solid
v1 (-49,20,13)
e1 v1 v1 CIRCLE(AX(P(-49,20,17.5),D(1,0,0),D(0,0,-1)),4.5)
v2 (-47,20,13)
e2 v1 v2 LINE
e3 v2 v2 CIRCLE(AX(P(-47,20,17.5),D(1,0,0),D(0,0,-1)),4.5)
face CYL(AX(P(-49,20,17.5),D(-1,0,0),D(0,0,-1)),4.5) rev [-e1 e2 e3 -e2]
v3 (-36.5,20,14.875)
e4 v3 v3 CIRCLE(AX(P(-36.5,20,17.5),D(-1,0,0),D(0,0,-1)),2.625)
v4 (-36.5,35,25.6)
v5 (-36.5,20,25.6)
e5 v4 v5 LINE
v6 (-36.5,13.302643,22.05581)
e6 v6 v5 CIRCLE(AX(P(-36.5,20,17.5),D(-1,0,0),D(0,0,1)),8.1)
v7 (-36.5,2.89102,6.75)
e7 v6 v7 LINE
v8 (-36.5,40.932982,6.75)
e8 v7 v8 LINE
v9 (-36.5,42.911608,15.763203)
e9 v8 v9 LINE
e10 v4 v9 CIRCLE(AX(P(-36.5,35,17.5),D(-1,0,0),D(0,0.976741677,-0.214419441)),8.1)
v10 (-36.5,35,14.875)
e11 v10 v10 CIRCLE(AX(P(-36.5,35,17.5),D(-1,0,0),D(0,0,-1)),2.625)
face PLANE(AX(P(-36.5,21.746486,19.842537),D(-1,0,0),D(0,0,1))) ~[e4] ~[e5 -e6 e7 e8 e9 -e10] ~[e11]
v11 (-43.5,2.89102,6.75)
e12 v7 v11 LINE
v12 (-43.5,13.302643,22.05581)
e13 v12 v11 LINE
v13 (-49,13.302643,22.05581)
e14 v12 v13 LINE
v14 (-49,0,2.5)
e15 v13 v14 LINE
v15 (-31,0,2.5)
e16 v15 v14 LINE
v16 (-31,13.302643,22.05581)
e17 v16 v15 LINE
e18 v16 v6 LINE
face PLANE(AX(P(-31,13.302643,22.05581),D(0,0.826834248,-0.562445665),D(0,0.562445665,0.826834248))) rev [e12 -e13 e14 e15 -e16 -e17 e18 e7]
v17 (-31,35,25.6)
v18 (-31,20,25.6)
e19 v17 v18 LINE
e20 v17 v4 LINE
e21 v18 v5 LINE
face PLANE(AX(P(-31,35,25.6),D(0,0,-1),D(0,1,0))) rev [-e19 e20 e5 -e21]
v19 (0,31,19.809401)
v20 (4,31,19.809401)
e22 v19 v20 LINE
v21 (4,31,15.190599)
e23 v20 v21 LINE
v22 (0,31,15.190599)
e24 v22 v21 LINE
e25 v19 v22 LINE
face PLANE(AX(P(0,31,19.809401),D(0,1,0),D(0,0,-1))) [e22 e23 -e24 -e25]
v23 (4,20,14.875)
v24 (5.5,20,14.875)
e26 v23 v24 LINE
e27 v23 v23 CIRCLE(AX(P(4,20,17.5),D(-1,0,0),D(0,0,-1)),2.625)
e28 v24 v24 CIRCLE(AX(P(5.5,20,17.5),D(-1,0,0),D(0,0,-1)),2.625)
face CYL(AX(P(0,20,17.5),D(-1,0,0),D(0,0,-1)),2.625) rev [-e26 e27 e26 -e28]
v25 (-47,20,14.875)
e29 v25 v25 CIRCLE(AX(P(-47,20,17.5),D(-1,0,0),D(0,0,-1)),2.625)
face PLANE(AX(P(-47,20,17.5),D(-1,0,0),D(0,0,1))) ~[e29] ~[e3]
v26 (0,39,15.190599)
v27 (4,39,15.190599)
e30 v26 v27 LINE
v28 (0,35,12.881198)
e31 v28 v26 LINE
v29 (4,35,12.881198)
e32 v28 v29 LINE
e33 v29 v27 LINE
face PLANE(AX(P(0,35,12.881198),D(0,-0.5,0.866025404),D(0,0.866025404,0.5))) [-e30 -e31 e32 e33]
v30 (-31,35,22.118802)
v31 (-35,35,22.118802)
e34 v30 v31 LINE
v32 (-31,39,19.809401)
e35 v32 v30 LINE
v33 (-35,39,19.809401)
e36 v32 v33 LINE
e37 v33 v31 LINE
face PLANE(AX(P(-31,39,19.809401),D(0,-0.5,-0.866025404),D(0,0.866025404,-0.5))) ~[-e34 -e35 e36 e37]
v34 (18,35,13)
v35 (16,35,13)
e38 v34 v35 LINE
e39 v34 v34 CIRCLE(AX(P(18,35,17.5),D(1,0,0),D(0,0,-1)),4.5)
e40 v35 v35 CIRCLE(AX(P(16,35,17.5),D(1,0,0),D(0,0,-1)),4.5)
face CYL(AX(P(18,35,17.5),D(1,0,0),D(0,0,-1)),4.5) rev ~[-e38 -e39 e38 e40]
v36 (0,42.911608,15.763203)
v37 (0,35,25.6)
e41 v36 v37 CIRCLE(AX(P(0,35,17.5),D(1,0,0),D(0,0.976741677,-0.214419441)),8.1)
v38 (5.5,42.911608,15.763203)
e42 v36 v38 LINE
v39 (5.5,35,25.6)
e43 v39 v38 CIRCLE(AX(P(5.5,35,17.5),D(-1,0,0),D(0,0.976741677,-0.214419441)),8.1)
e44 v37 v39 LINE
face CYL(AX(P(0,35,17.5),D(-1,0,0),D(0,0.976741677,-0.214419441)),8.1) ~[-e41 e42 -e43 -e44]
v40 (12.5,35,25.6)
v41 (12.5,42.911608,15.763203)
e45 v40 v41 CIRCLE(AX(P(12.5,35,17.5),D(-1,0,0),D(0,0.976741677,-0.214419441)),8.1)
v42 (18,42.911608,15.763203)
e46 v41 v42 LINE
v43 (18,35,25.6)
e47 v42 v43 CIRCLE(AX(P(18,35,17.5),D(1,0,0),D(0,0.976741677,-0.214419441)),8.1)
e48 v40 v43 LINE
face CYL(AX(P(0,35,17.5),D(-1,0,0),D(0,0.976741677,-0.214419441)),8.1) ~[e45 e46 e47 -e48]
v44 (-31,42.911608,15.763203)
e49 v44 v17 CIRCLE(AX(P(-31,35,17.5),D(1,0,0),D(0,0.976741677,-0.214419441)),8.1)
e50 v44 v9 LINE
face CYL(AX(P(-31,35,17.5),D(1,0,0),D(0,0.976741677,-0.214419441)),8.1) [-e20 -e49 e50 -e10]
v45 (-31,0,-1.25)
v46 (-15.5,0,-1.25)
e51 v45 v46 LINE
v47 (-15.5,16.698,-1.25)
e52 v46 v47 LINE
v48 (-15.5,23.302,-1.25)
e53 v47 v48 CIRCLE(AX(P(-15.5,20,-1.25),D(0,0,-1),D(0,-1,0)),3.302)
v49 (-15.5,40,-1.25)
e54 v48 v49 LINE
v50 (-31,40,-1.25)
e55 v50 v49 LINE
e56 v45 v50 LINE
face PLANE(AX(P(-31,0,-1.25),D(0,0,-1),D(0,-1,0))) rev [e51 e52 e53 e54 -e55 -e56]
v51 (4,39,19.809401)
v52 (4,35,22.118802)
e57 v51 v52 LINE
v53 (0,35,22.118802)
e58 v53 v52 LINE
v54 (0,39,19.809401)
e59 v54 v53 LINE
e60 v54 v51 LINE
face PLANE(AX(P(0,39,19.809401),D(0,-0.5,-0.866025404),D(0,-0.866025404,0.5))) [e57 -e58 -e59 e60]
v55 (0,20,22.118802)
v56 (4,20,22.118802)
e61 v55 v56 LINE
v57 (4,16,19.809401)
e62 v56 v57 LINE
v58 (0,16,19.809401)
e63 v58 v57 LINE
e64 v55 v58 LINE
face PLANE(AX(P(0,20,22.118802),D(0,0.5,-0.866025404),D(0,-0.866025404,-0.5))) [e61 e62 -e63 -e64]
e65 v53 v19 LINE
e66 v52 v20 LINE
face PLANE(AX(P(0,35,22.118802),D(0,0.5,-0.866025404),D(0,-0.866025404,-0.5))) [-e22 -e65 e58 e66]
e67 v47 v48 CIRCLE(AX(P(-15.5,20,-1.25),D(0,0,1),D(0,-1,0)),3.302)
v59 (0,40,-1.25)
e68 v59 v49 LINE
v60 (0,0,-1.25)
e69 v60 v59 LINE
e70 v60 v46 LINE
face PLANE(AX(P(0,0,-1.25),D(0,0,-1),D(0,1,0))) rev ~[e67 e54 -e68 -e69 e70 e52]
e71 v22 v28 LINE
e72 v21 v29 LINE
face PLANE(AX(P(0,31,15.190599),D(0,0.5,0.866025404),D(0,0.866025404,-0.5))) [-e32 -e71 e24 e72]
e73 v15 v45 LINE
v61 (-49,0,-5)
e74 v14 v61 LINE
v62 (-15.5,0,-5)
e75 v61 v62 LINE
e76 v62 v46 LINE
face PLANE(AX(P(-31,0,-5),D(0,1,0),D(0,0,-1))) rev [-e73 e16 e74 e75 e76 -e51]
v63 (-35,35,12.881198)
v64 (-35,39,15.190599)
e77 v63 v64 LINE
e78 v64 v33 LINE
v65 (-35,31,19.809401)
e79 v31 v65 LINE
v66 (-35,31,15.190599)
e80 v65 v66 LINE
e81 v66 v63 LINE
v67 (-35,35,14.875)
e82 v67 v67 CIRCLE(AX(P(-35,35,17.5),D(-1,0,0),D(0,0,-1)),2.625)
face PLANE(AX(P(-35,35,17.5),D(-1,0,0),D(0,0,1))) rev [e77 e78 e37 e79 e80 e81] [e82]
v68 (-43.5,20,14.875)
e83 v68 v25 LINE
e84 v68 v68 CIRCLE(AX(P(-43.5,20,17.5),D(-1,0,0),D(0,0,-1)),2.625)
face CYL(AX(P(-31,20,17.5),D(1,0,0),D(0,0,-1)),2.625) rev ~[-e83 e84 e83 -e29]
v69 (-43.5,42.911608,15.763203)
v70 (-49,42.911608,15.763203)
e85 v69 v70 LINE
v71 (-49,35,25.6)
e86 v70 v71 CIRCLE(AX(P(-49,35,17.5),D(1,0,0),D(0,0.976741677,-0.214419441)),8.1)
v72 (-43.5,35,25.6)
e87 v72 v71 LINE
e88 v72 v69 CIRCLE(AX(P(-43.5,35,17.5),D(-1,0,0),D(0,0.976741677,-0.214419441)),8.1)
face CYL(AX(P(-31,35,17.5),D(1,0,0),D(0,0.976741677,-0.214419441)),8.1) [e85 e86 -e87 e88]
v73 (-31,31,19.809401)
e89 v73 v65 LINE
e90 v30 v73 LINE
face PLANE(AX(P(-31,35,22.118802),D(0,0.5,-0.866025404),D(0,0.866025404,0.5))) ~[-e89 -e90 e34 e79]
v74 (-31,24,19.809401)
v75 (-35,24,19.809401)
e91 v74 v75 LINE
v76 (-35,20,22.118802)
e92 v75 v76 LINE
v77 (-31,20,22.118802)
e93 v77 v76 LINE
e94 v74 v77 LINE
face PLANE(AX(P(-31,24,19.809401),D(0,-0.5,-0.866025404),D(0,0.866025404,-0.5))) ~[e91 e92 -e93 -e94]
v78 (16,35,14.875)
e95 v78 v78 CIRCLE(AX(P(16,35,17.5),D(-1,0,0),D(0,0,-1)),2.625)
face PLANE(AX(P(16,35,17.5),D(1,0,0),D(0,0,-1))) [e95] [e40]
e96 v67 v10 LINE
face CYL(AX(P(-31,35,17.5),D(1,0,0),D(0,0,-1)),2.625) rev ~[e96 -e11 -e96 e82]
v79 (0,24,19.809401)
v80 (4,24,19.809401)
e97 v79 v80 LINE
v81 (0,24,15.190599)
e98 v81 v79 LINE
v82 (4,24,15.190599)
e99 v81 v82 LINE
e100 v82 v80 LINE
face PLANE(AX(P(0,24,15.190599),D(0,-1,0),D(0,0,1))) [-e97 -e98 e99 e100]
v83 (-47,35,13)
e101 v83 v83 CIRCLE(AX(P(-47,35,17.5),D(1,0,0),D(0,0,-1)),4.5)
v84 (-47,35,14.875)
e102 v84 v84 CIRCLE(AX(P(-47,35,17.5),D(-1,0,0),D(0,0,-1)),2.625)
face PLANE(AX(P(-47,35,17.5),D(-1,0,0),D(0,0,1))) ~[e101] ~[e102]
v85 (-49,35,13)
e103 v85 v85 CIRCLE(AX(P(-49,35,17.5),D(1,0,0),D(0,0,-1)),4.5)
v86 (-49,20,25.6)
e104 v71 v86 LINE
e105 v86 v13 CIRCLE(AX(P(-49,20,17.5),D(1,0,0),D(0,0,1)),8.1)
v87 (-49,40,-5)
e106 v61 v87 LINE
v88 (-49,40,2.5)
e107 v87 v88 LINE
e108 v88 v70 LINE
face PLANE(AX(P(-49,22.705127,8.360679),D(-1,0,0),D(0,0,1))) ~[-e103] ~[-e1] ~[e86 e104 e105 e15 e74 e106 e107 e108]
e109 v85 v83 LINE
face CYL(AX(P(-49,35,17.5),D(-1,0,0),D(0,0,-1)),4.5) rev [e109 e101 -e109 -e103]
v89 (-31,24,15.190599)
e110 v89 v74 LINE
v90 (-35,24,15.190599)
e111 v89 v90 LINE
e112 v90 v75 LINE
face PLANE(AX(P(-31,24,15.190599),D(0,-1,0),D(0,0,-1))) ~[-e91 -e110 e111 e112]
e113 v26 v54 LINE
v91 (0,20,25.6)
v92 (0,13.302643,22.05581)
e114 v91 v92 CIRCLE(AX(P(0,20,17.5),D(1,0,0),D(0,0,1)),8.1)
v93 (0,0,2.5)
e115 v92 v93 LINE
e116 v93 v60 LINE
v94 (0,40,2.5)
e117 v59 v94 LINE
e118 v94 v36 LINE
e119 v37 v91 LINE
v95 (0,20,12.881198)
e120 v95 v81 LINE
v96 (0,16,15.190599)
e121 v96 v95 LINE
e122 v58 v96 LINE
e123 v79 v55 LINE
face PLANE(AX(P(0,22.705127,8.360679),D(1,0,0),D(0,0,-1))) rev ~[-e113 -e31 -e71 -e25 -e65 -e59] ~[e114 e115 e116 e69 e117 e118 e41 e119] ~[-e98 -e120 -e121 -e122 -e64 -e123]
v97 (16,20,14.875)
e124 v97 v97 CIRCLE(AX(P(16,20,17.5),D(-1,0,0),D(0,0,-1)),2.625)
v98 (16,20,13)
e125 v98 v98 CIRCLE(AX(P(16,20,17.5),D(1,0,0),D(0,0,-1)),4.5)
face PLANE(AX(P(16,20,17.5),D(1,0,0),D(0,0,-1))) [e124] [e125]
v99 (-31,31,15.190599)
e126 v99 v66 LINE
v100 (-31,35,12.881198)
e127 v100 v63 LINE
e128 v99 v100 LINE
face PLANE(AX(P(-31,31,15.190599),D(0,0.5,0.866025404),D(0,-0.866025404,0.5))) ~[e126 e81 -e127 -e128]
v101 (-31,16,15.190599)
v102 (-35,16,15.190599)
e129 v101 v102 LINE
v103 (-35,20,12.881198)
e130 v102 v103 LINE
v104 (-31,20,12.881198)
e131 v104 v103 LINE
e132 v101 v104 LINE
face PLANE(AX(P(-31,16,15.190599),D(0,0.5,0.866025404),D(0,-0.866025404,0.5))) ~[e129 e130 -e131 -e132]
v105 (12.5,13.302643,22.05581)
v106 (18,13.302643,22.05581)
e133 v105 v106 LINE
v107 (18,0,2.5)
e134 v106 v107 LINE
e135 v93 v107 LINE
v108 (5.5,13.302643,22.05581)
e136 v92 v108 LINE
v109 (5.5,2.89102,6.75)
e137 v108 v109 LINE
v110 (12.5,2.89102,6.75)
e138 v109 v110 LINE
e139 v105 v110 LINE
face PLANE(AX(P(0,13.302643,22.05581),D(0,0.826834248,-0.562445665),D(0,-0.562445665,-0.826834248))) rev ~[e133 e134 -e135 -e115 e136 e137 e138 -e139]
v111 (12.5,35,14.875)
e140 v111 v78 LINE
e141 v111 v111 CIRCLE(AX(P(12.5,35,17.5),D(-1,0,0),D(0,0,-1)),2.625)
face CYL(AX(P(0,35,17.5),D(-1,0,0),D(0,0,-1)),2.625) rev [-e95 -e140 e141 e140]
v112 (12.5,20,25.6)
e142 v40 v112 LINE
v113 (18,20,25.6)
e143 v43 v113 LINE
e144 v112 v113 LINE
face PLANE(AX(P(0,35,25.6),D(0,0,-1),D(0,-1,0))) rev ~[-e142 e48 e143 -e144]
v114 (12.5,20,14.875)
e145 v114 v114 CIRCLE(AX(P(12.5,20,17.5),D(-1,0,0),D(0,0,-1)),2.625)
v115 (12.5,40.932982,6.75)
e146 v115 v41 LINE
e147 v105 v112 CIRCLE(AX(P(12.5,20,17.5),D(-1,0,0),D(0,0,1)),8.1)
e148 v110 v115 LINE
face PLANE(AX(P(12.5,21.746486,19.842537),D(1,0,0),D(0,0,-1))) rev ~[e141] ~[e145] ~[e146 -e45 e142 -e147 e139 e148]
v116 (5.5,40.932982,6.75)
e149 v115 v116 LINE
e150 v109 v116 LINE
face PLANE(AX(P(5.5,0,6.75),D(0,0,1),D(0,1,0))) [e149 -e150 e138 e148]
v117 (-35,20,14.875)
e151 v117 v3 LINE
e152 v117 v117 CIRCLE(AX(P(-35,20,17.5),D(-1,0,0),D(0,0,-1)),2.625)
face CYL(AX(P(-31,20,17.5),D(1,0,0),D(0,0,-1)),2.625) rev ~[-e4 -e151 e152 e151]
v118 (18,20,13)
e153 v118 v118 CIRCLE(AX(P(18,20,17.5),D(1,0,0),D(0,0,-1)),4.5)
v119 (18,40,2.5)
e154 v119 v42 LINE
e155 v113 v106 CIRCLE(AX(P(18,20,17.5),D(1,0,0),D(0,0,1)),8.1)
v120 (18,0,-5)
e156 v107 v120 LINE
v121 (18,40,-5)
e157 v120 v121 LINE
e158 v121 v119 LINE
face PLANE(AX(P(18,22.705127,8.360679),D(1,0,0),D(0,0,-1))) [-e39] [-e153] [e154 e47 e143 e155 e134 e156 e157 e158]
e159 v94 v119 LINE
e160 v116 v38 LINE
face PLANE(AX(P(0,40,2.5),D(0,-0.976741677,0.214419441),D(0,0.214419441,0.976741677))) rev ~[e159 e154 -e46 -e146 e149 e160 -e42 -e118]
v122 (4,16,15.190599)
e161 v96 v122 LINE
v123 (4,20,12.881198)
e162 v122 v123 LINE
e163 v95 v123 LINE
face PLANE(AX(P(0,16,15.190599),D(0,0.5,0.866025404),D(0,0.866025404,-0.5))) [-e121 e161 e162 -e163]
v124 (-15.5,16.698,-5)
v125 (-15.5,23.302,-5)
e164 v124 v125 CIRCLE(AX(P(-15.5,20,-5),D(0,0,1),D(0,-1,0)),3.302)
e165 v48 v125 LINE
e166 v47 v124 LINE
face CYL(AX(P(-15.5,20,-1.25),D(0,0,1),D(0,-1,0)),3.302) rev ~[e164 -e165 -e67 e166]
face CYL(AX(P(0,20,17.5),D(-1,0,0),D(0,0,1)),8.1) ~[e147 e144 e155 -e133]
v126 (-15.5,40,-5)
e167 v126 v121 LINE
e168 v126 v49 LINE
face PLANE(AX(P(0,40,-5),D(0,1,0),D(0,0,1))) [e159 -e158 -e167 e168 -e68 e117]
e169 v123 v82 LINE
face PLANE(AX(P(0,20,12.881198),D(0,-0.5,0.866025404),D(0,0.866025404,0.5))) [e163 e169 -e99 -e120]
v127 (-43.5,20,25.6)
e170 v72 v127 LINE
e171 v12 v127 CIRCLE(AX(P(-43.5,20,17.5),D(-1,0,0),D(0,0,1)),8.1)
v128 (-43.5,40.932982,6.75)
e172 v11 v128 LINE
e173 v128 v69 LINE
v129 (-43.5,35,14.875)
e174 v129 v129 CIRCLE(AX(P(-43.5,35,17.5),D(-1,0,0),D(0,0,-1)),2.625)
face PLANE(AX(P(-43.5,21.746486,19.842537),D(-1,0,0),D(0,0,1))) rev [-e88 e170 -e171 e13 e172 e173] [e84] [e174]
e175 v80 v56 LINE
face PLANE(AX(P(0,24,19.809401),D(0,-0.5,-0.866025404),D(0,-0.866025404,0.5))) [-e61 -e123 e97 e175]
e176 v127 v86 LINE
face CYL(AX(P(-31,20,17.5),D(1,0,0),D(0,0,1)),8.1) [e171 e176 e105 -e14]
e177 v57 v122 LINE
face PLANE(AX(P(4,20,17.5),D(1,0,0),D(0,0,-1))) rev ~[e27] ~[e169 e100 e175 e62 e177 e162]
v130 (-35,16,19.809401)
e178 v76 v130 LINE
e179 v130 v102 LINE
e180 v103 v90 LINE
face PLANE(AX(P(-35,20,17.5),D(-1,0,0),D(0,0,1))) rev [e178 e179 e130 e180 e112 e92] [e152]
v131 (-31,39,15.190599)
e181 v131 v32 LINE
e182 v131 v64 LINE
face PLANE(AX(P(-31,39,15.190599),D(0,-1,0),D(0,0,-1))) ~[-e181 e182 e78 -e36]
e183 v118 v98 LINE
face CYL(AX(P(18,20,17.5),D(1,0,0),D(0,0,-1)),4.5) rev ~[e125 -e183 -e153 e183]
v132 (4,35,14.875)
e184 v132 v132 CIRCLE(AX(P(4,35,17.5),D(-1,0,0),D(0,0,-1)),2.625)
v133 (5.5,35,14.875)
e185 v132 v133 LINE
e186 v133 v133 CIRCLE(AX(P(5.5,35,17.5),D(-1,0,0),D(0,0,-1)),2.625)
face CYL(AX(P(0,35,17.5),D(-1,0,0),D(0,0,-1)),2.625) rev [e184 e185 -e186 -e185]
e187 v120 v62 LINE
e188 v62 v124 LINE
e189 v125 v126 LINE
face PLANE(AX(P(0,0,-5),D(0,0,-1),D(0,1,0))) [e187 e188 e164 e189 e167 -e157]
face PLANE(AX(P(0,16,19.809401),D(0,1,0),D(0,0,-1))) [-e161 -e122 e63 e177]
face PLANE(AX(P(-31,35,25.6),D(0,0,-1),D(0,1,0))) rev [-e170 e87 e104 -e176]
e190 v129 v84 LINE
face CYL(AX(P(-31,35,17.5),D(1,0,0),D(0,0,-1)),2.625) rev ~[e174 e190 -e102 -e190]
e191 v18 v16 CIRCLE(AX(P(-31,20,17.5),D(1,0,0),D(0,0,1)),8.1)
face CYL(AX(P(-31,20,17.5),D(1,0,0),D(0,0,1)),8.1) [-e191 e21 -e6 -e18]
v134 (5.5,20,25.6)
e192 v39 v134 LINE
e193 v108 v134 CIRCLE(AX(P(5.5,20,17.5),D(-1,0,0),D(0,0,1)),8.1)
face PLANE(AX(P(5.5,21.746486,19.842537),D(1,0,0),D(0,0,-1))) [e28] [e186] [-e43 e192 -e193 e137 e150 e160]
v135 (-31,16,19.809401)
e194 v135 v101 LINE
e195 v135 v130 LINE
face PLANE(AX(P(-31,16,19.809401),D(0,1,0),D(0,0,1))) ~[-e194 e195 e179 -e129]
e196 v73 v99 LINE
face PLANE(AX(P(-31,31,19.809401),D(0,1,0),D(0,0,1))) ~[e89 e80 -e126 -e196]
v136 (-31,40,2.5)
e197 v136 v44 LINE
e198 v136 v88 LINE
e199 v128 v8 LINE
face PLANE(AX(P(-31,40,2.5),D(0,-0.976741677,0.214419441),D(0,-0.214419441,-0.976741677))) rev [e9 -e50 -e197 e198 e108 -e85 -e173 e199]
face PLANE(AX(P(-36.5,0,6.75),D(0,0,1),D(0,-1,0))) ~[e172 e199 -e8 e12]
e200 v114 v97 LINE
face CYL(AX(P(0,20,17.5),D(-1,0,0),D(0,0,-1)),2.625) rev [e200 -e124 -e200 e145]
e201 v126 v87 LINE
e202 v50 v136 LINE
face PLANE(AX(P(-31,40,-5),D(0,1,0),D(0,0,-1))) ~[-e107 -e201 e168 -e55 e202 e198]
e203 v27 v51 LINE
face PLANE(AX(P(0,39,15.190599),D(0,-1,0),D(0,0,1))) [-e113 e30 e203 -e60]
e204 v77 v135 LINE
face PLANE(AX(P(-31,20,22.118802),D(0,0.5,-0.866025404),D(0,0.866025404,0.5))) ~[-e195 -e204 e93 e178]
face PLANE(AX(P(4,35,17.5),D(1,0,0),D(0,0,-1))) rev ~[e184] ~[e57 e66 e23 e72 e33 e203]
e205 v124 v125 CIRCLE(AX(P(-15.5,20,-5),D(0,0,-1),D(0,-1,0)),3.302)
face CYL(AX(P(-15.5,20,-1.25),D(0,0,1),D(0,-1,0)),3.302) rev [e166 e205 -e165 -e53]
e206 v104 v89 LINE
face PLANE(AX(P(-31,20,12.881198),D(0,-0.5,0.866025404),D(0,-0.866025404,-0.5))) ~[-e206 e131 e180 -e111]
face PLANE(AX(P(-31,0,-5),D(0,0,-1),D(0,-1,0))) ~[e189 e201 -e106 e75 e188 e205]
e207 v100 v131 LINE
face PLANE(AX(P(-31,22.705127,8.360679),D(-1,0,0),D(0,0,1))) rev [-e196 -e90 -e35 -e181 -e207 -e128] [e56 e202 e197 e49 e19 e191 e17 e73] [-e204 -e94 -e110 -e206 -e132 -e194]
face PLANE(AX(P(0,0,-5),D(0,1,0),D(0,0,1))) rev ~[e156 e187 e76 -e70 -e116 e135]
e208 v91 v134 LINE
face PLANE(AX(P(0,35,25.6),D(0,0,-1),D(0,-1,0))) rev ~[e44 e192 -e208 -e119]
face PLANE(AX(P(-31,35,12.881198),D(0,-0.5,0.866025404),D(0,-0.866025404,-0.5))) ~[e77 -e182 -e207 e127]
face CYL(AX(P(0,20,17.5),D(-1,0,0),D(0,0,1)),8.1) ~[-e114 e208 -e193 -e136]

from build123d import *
from build123d.topology import SkipClean

# Parameters (mm, degrees)
SKETCH1_R               = 2.625
BOSS_EXTRUDE1_DEPTH     = 18
SKETCH2_W               = 3.75
SKETCH2_H               = 40
BOSS_EXTRUDE2_DEPTH     = 15.5
CUT_EXTRUDE2_DEPTH      = 3.5
CUT_EXTRUDE2_DEPTH_BACK = 3.5
SKETCH4_W               = 26.185074211
SKETCH4_H               = 43.492971865
CUT_EXTRUDE3_DEPTH      = 3.75
CUT_EXTRUDE4_DEPTH      = 4
SKETCH6_R               = 4.5
CUT_EXTRUDE5_DEPTH      = 2


with BuildPart() as part:
    # Sketch1 → Boss-Extrude1 (new body)
    with BuildSketch(Plane(origin=(0, 0, 0), x_dir=(0, 0, -1), z_dir=(1, 0, 0))):
        with BuildLine():
            Line((0, 0), (5, 0))
            Line((5, 0), (5, 40))
            Line((5, 40), (0, 40))
            Line((0, 40), (-2.5, 40))
            Line((-2.5, 40), (-15.763202528, 42.911607583))
            ThreePointArc((-15.763202528, 42.911607583), (-22.576511621, 41.311816677), (-25.6, 35))
            Line((-25.6, 35), (-25.6, 20))
            ThreePointArc((-25.6, 20), (-24.659331675, 16.211336651), (-22.055809883, 13.302642588))
            Line((-22.055809883, 13.302642588), (-2.5, 0))
            Line((-2.5, 0), (0, 0))
        make_face()
        with Locations((-17.5, 35)):
            Circle(SKETCH1_R, mode=Mode.SUBTRACT)
        with Locations((-17.5, 20)):
            Circle(SKETCH1_R, mode=Mode.SUBTRACT)
    extrude(amount=BOSS_EXTRUDE1_DEPTH)

    # Sketch2 → Boss-Extrude2 (add)
    with BuildSketch(Plane.ZY):
        with Locations((-3.125, 20)):
            Rectangle(SKETCH2_W, SKETCH2_H)
    extrude(amount=BOSS_EXTRUDE2_DEPTH)

    # Sketch4 → Cut-Extrude2 (cut, two sides: drawn at the far end of the back side and taken through both)
    with BuildSketch(Plane(origin=(9, 0, 0), x_dir=(0, 0, -1), z_dir=(1, 0, 0)).offset(-CUT_EXTRUDE2_DEPTH_BACK)):
        with Locations((-19.842537105, 21.746485933)):
            Rectangle(SKETCH4_W, SKETCH4_H)
    extrude(amount=CUT_EXTRUDE2_DEPTH + CUT_EXTRUDE2_DEPTH_BACK, mode=Mode.SUBTRACT)

    # Sketch5 → Cut-Extrude3 (cut)
    with BuildSketch(Plane.XY.offset(-1.25)):
        with BuildLine():
            Line((-15.5, 23.302), (-15.5, 16.698))
            ThreePointArc((-15.5, 16.698), (-12.198, 20), (-15.5, 23.302))
        make_face()
    extrude(amount=-CUT_EXTRUDE3_DEPTH, mode=Mode.SUBTRACT)

    # Sketch3 → Cut-Extrude4 (cut)
    with BuildSketch(Plane(origin=(0, 0, 0), x_dir=(0, 0, -1), z_dir=(1, 0, 0))):
        Polygon((-12.881197846, 35), (-15.190598923, 39), (-19.809401077, 39), (-22.118802154, 35), (-19.809401077, 31), (-15.190598923, 31), align=None)
        Polygon((-12.881197846, 20), (-15.190598923, 24), (-19.809401077, 24), (-22.118802154, 20), (-19.809401077, 16), (-15.190598923, 16), align=None)
    extrude(amount=CUT_EXTRUDE4_DEPTH, mode=Mode.SUBTRACT)

    # Sketch6 → Cut-Extrude5 (cut)
    with BuildSketch(Plane(origin=(18, 0, 0), x_dir=(0, 0, -1), z_dir=(1, 0, 0))):
        with Locations((-17.5, 20)):
            Circle(SKETCH6_R)
        with Locations((-17.5, 35)):
            Circle(SKETCH6_R)
    extrude(amount=-CUT_EXTRUDE5_DEPTH, mode=Mode.SUBTRACT)

    # Mirror2: part across plane


with BuildPart() as part_1:
    with SkipClean():  # the faces are left unmerged after this step: merging them gives an invalid solid
        add(part.part)
        add(part.part.mirror(Plane(origin=(-15.5, 0, 0), x_dir=(0, 0, 1), z_dir=(1, 0, 0))))


solid = part_1.part
